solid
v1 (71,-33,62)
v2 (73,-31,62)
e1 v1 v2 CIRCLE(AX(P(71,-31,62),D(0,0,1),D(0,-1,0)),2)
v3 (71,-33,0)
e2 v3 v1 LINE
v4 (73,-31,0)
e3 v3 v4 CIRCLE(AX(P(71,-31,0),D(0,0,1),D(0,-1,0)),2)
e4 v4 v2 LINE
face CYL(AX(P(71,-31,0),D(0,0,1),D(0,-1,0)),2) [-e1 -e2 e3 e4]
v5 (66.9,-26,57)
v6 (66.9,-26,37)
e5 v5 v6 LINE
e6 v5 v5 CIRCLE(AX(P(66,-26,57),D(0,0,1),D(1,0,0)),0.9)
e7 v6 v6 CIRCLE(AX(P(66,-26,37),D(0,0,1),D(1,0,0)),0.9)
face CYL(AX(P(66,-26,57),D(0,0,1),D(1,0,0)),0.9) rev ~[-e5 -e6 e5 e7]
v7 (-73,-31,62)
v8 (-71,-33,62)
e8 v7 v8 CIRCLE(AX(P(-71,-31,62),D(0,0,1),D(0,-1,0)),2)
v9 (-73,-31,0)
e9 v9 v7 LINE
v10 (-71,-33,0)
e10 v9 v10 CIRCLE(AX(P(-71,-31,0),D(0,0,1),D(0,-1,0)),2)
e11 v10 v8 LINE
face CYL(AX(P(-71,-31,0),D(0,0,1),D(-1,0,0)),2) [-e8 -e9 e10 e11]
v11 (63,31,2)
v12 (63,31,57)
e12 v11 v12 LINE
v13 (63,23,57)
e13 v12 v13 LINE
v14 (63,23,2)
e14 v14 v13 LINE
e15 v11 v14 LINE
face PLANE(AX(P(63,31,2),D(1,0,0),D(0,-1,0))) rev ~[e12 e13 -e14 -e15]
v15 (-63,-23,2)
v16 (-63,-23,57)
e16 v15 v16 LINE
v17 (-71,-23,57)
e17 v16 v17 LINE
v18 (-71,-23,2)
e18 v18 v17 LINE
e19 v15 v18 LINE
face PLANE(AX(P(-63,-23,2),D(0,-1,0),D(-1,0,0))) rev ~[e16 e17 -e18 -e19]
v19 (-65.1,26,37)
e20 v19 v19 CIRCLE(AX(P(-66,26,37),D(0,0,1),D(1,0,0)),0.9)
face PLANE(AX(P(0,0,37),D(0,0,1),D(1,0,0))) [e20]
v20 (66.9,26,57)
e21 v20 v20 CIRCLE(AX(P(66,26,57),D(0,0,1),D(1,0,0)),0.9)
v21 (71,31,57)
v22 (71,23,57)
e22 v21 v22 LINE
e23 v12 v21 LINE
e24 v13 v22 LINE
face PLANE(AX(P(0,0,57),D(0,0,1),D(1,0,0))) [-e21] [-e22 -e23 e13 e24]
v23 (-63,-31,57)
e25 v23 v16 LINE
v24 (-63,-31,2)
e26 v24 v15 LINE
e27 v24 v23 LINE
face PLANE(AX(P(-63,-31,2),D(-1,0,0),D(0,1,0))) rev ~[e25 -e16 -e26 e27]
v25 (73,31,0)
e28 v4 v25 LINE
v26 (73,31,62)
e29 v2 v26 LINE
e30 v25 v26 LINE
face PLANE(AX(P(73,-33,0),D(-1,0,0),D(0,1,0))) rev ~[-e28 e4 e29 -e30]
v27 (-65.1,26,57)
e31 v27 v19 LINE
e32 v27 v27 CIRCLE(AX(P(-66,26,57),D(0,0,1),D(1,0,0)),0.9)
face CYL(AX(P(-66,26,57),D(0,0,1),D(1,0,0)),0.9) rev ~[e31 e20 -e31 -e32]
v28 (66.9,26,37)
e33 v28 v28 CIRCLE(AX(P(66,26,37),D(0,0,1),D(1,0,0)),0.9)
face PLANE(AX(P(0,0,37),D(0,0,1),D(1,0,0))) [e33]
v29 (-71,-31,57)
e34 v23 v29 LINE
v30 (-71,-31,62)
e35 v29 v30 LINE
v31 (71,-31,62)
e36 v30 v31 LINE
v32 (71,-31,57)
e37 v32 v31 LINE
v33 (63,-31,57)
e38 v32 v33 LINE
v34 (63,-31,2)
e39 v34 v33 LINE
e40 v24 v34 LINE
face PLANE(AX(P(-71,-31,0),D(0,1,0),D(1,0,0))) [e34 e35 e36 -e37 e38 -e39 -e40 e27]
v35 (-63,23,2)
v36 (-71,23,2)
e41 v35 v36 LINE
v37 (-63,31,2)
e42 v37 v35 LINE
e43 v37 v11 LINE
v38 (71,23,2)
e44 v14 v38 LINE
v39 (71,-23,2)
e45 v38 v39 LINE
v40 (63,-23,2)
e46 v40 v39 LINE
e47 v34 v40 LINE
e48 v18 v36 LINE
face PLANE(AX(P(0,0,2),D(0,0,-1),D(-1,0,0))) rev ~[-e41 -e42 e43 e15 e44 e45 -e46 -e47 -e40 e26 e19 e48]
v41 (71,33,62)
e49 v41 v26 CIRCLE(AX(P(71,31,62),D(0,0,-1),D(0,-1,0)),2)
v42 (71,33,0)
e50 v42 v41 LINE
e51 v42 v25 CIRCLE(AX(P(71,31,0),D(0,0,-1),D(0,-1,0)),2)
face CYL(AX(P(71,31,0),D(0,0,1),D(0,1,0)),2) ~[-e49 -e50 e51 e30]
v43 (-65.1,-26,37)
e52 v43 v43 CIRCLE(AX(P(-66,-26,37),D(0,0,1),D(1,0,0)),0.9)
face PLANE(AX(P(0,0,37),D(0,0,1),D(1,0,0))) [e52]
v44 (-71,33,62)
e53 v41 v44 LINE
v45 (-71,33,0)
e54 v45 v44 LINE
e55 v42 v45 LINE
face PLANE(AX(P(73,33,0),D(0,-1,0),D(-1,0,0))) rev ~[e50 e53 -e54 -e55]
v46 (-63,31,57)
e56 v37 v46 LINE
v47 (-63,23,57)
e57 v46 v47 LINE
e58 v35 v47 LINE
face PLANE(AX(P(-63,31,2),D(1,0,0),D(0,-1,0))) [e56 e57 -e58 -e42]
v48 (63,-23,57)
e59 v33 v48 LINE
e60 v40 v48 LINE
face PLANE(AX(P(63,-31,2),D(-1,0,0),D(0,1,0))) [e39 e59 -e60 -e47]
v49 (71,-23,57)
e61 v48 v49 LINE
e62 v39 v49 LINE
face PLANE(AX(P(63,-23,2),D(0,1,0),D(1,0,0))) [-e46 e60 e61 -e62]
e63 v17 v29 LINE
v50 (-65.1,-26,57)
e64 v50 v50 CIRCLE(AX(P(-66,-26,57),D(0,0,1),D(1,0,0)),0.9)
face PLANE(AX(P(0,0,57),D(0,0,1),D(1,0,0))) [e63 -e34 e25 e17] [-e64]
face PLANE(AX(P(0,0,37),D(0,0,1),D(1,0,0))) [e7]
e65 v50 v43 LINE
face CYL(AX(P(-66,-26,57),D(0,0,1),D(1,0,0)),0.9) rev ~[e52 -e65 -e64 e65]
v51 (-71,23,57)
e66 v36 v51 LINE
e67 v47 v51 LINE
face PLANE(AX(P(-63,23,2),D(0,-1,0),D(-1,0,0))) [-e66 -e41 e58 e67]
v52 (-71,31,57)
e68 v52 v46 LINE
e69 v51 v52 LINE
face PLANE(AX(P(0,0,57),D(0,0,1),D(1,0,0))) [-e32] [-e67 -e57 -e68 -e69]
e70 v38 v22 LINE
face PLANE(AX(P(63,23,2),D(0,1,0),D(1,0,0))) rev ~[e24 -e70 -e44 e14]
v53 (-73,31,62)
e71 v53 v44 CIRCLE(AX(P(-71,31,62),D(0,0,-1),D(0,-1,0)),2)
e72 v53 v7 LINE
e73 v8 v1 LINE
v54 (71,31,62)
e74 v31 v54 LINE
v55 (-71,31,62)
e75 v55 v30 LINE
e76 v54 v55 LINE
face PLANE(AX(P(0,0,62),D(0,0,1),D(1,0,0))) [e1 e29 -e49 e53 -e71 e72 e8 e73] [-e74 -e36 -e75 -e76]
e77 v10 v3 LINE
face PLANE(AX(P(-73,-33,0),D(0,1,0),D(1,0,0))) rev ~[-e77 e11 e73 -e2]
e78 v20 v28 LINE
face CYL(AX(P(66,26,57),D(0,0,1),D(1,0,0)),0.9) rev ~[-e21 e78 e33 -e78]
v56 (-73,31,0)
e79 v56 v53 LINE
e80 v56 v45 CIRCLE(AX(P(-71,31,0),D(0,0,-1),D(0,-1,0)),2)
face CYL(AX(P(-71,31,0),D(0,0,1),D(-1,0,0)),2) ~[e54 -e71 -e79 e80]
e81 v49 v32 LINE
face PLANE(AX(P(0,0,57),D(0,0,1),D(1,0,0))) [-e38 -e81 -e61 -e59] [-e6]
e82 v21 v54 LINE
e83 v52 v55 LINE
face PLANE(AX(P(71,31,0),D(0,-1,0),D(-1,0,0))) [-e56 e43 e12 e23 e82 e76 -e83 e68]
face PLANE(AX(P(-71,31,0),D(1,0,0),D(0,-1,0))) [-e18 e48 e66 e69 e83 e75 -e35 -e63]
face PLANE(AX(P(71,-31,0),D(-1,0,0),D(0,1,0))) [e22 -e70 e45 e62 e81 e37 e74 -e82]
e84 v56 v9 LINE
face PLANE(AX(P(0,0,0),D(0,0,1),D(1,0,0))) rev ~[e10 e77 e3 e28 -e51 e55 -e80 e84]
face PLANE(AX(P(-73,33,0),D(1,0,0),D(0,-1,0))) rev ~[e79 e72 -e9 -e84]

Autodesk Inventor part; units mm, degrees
ref_plane "YZ Plane" through (0, 0, 0) normal (1, 0, 0) x (0, 1, 0)
ref_plane "XZ Plane" through (0, 0, 0) normal (0, 1, 0) x (-1, 0, 0)
ref_plane "XY Plane" through (0, 0, 0) normal (0, 0, 1) x (1, 0, 0)
sketch "Sketch1" plane through (0, 0, 0) normal (0, 0, 1) x (1, 0, 0)
  line L0 (-71, -31) -> (71, -31)
  line L1 (71, -31) -> (71, 31)
  line L2 (71, 31) -> (-71, 31)
  line L3 (-71, 31) -> (-71, -31)
  line L4 (-71, -31) -> (71, 31) construction
  line L5 (71, -31) -> (-71, 31) construction
  line L6 (-73, -33) -> (73, -33)
  line L7 (73, -33) -> (73, 33)
  line L8 (73, 33) -> (-73, 33)
  line L9 (-73, 33) -> (-73, -33)
  line L10 (-73, -33) -> (73, 33) construction
  line L11 (73, -33) -> (-73, 33) construction
  line L12 (-71, 31) -> (71, 31)
  line L13 (71, 31) -> (71, -31)
  line L14 (71, -31) -> (-71, -31)
  line L15 (-71, -31) -> (-71, 31)
  line L16 (-71, 31) -> (71, -31) construction
  line L17 (71, 31) -> (-71, -31) construction
  point P0 (0, 0)
  dimension "d0" = 142
  dimension "d1" = 62
  dimension "d2" = 2
  dimension "d3" = 2
extrude "Extrusion1" add sketch "Sketch1" along normal blind 62
sketch "Sketch2" plane through (0, 0, 0) normal (0, 0, -1) x (-1, 0, 0)
  line L0 (71, -31) -> (-71, -31) projected
  line L1 (71, 31) -> (-71, 31)
  line L2 (-71, 31) -> (-71, -31)
  line L3 (-71, -31) -> (71, -31)
  line L4 (71, -31) -> (71, 31)
  line L5 (71, 31) -> (-71, -31) construction
  line L6 (-71, 31) -> (71, -31) construction
  point P0 (0, 0)
extrude "Extrusion2" add sketch "Sketch2" against normal blind 2
sketch "Sketch3" plane through (0, 0, 2) normal (0, 0, 1) x (1, 0, 0)
  line L0 (-71, 31) -> (71, 31) projected
  line L1 (-71, 31) -> (-63, 31)
  line L2 (-63, 31) -> (-63, 23)
  line L3 (-63, 23) -> (-71, 23)
  line L4 (-71, 23) -> (-71, 31)
  line L5 (71, -31) -> (-71, -31) projected
  line L6 (-71, -31) -> (-63, -31)
  line L7 (-63, -31) -> (-63, -23)
  line L8 (-63, -23) -> (-71, -23)
  line L9 (-71, -23) -> (-71, -31)
  line L10 (71, 31) -> (71, -31) projected
  line L11 (71, 31) -> (63, 31)
  line L12 (63, 31) -> (63, 23)
  line L13 (63, 23) -> (71, 23)
  line L14 (71, 23) -> (71, 31)
  line L15 (71, 31) -> (71, -31) projected
  line L16 (71, -31) -> (63, -31)
  line L17 (63, -31) -> (63, -23)
  line L18 (63, -23) -> (71, -23)
  line L19 (71, -23) -> (71, -31)
  point P0 (0, 0)
  dimension "d8" = 8
  dimension "d9" = 8
  dimension "d10" = 8
  dimension "d11" = 8
  dimension "d12" = 8
  dimension "d13" = 8
  dimension "d14" = 8
  dimension "d15" = 8
extrude "Extrusion3" add sketch "Sketch3" along normal blind 55
sketch "Sketch4" plane through (0, 0, 57) normal (0, 0, 1) x (1, 0, 0)
  circle A0 centre (-66, 26) radius 0.9
  circle A1 centre (66, 26) radius 0.9
  circle A2 centre (66, -26) radius 0.9
  circle A3 centre (-66, -26) radius 0.9
  line L0 (-71, 23) -> (-71, 31) projected
  line L1 (-71, 31) -> (-63, 31) projected
  line L2 (63, 31) -> (71, 31) projected
  line L3 (-71, -31) -> (-71, 31) projected
  point P0 (0, 0)
  dimension "d18" = 1.8
  dimension "d19" = 1.8
  dimension "d20" = 1.8
  dimension "d21" = 1.8
  dimension "d22" = 132
  dimension "d23" = 52
  dimension "d24" = 132
  dimension "d25" = 5
  dimension "d26" = 5
  dimension "d27" = 52
  dimension "d28" = 5
  dimension "d29" = 5
extrude "Extrusion4" cut sketch "Sketch4" against normal blind 20
fillet "Fillet1" radius 2 4 edges at (-73, -33, 31) (73, -33, 31) (73, 33, 31) (-73, 33, 31)
equation "\"d10\" = d8"
equation "\"d11\" = d9"
equation "\"d12\" = d8"
equation "\"d13\" = d9"
equation "\"d14\" = d8"
equation "\"d15\" = d9"
equation "\"d19\" = d18"
equation "\"d20\" = d18"
equation "\"d21\" = d18"
equation "\"d24\" = d22"
equation "\"d25\" = d26"
equation "\"d27\" = d23"
equation "\"d28\" = d26"
equation "\"d29\" = d26"
properties part number "Box"
